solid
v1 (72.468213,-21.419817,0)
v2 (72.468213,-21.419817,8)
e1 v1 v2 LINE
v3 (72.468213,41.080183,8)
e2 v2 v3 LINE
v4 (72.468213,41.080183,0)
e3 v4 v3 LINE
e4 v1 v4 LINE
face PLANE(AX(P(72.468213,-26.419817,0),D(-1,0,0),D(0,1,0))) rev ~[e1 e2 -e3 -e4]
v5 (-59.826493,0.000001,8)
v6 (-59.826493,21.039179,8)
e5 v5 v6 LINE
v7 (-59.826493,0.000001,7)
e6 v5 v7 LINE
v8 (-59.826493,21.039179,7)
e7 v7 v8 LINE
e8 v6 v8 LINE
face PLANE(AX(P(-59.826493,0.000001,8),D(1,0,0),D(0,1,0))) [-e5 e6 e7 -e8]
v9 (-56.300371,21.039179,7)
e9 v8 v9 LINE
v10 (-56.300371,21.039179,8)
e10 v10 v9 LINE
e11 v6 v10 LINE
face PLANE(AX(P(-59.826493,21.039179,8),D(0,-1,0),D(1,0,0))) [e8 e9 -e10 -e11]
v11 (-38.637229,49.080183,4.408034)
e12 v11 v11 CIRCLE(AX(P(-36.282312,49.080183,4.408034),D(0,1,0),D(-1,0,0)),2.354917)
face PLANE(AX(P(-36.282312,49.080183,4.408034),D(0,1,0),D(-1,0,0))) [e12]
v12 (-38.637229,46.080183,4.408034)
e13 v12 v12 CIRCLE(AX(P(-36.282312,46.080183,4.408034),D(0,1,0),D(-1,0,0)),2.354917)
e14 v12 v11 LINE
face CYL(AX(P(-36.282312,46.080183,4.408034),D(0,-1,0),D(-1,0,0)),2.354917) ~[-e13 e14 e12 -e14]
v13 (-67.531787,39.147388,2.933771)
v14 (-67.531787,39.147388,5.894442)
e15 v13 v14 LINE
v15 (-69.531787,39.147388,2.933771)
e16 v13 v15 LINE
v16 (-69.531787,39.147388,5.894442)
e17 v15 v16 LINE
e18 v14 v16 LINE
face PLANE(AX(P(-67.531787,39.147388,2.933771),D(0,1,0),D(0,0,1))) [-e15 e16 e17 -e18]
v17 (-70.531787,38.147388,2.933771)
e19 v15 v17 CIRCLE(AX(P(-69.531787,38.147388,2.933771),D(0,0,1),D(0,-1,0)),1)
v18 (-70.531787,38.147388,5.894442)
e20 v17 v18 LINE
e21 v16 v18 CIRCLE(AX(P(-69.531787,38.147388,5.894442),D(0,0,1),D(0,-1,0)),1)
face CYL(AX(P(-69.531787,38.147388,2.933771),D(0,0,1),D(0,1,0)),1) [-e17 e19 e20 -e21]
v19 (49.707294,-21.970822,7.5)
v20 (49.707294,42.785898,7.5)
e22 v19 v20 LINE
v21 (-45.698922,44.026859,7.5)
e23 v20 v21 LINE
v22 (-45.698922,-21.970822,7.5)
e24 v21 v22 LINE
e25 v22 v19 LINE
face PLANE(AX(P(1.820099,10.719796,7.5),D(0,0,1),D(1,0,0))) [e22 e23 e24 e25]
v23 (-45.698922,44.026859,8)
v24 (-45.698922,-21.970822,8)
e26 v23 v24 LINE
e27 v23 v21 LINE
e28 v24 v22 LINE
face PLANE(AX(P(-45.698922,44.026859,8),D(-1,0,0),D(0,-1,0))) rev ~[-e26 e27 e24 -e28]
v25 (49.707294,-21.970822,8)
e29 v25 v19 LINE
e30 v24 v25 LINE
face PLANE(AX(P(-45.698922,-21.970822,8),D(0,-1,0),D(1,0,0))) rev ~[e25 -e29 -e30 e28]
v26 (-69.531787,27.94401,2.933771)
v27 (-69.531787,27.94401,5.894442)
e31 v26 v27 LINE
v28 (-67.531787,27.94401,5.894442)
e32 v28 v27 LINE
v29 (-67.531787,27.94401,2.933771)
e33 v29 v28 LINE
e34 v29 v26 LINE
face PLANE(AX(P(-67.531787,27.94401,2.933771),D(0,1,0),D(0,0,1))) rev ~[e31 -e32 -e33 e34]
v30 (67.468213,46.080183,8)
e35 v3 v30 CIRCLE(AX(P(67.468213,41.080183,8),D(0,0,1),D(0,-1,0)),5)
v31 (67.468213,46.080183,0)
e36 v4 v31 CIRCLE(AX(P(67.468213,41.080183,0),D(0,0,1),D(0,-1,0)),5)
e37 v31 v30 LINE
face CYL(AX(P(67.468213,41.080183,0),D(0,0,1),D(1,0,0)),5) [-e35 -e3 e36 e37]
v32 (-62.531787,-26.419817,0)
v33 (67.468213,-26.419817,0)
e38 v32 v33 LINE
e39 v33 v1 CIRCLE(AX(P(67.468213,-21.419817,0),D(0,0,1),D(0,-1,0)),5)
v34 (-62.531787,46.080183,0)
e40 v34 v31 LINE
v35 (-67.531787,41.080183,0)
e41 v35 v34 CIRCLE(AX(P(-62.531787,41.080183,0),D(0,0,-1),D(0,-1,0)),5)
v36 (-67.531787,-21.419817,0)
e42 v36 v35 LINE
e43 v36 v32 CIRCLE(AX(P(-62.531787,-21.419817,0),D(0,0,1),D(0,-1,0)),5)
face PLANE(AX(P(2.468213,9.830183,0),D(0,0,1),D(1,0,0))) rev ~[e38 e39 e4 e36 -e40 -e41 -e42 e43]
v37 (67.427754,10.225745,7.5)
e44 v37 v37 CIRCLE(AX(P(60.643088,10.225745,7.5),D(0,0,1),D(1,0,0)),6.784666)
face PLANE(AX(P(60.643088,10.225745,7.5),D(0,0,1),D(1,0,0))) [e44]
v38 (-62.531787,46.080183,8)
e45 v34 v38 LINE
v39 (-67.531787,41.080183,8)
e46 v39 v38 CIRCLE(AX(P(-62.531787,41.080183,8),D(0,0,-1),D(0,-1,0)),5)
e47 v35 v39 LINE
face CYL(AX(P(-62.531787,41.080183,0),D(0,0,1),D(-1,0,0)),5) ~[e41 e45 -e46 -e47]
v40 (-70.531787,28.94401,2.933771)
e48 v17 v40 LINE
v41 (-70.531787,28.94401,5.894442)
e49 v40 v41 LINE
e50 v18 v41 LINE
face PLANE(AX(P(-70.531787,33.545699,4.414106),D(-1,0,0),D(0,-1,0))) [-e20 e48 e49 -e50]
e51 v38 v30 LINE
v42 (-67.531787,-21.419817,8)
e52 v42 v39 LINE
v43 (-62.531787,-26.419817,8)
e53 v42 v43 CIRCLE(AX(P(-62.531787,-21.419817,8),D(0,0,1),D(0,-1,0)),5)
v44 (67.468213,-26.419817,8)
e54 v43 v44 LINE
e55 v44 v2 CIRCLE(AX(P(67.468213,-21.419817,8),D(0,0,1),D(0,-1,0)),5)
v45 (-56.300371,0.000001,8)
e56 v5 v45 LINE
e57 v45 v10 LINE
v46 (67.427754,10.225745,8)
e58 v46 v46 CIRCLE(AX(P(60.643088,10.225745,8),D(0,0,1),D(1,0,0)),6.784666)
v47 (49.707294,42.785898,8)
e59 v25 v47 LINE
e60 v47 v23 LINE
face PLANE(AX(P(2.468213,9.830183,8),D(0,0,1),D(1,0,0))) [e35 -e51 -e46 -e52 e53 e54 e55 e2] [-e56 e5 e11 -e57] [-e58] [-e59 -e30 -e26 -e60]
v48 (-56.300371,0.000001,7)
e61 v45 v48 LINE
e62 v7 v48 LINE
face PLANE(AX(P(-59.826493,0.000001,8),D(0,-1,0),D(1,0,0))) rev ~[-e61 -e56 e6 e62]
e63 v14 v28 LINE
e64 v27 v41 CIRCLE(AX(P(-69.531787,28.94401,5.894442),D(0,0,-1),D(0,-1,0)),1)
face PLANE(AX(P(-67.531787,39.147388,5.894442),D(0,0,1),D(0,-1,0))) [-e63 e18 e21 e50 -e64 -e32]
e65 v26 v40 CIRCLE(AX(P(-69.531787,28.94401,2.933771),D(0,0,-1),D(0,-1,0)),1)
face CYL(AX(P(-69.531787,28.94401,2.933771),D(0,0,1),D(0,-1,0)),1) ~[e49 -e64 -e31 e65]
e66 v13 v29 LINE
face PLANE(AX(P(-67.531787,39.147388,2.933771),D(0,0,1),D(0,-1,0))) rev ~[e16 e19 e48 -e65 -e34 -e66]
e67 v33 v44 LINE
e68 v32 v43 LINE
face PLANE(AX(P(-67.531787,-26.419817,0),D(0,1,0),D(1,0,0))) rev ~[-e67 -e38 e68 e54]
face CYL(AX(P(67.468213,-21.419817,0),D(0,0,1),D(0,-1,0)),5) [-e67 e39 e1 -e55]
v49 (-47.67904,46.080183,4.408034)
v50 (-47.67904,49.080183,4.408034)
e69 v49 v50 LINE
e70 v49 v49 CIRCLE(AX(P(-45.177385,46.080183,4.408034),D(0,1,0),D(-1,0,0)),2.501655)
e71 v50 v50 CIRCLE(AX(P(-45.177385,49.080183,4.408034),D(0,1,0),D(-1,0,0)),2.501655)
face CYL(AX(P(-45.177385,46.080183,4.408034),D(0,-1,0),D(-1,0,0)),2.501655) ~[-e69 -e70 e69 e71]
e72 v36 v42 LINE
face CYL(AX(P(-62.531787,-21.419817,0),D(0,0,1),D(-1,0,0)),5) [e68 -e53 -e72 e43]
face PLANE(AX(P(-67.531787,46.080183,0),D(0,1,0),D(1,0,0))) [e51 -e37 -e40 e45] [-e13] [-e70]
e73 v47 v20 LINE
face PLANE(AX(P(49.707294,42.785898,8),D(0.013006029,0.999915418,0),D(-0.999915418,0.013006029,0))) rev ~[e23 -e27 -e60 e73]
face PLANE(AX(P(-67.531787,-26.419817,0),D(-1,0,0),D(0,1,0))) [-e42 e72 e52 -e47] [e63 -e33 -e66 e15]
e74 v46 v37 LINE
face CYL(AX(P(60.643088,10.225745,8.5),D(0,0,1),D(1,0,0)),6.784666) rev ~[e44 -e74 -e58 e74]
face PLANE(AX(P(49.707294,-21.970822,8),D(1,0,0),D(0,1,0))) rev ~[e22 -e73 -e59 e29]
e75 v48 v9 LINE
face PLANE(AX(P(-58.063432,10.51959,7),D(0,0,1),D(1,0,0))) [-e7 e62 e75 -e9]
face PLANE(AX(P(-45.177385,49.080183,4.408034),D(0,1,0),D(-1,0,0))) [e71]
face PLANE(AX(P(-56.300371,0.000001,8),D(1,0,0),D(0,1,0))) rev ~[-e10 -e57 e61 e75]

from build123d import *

# Parameters (mm, degrees)
F0_W      = 140
F0_H      = 72.5
F1_DEPTH  = 8
F2_R      = 5
F4_R      = 6.784666
F5_DEPTH  = 0.5
F7_DEPTH  = 0.5
F5_FACE_R = 6.784666
F8_DEPTH  = 1
F9_W      = 3.526121
F9_H      = 21.039179
F10_DEPTH = 1
F11_W     = 11.203378
F11_H     = 2.960671
F12_DEPTH = 3
F13_R     = 1
F14_R     = 2.501655
F14_R_2   = 2.354917
F15_DEPTH = 3


with BuildPart() as f1:
    # F0 (on Top) → F1 (new body)
    with BuildSketch(Plane.XY):
        with Locations((2.468213, 9.830183)):
            Rectangle(F0_W, F0_H)
    extrude(amount=F1_DEPTH)

    # F2
    f2_edges = [f1.edges().sort_by_distance(p)[0] for p in [
        (72.468213, -26.419817, 4),
        (72.468213, 46.080183, 4),
        (-67.531787, -26.419817, 4),
        (-67.531787, 46.080183, 4),
    ]]
    fillet(f2_edges, radius=F2_R)

    # F4 (on face) → F5 (join)
    with BuildSketch(Plane.XY.offset(8)):
        with Locations((60.643088, 10.225745)):
            Circle(F4_R)
    extrude(amount=F5_DEPTH)

    # F6 (on face) → F7 (cut)
    with BuildSketch(Plane.XY.offset(8)):
        Polygon((49.707294, 42.785898), (-45.698922, 44.026859), (-45.698922, -21.970822), (49.707294, -21.970822), align=None)
    extrude(amount=-F7_DEPTH, mode=Mode.SUBTRACT)

    # F5_face (on face) → F8 (cut)
    with BuildSketch(Plane(origin=(60.643088, 10.225745, 8.5), x_dir=(1, 0, 0), z_dir=(0, 0, 1))):
        Circle(F5_FACE_R)
    extrude(amount=-F8_DEPTH, mode=Mode.SUBTRACT)

    # F9 (on face) → F10 (cut)
    with BuildSketch(Plane.XY.offset(8)):
        with Locations((-58.063432, 10.51959)):
            Rectangle(F9_W, F9_H)
    extrude(amount=-F10_DEPTH, mode=Mode.SUBTRACT)

    # F11 (on face) → F12 (join)
    with BuildSketch(Plane(origin=(-67.531787, 0, 0), x_dir=(0, -1, 0), z_dir=(-1, 0, 0))):
        with Locations((-33.545699, 4.414106)):
            Rectangle(F11_W, F11_H)
    extrude(amount=F12_DEPTH)

    # F13
    f13_edges = [f1.edges().sort_by_distance(p)[0] for p in [
        (-70.531787, 27.94401, 4.414106),
        (-70.531787, 39.147388, 4.414106),
    ]]
    fillet(f13_edges, radius=F13_R)

    # F14 (on face) → F15 (join)
    with BuildSketch(Plane(origin=(0, 46.080183, 0), x_dir=(-1, 0, 0), z_dir=(0, 1, 0))):
        with Locations((45.177385, 4.408034)):
            Circle(F14_R)
        with Locations((36.282312, 4.408034)):
            Circle(F14_R_2)
    extrude(amount=F15_DEPTH)


solid = f1.part
